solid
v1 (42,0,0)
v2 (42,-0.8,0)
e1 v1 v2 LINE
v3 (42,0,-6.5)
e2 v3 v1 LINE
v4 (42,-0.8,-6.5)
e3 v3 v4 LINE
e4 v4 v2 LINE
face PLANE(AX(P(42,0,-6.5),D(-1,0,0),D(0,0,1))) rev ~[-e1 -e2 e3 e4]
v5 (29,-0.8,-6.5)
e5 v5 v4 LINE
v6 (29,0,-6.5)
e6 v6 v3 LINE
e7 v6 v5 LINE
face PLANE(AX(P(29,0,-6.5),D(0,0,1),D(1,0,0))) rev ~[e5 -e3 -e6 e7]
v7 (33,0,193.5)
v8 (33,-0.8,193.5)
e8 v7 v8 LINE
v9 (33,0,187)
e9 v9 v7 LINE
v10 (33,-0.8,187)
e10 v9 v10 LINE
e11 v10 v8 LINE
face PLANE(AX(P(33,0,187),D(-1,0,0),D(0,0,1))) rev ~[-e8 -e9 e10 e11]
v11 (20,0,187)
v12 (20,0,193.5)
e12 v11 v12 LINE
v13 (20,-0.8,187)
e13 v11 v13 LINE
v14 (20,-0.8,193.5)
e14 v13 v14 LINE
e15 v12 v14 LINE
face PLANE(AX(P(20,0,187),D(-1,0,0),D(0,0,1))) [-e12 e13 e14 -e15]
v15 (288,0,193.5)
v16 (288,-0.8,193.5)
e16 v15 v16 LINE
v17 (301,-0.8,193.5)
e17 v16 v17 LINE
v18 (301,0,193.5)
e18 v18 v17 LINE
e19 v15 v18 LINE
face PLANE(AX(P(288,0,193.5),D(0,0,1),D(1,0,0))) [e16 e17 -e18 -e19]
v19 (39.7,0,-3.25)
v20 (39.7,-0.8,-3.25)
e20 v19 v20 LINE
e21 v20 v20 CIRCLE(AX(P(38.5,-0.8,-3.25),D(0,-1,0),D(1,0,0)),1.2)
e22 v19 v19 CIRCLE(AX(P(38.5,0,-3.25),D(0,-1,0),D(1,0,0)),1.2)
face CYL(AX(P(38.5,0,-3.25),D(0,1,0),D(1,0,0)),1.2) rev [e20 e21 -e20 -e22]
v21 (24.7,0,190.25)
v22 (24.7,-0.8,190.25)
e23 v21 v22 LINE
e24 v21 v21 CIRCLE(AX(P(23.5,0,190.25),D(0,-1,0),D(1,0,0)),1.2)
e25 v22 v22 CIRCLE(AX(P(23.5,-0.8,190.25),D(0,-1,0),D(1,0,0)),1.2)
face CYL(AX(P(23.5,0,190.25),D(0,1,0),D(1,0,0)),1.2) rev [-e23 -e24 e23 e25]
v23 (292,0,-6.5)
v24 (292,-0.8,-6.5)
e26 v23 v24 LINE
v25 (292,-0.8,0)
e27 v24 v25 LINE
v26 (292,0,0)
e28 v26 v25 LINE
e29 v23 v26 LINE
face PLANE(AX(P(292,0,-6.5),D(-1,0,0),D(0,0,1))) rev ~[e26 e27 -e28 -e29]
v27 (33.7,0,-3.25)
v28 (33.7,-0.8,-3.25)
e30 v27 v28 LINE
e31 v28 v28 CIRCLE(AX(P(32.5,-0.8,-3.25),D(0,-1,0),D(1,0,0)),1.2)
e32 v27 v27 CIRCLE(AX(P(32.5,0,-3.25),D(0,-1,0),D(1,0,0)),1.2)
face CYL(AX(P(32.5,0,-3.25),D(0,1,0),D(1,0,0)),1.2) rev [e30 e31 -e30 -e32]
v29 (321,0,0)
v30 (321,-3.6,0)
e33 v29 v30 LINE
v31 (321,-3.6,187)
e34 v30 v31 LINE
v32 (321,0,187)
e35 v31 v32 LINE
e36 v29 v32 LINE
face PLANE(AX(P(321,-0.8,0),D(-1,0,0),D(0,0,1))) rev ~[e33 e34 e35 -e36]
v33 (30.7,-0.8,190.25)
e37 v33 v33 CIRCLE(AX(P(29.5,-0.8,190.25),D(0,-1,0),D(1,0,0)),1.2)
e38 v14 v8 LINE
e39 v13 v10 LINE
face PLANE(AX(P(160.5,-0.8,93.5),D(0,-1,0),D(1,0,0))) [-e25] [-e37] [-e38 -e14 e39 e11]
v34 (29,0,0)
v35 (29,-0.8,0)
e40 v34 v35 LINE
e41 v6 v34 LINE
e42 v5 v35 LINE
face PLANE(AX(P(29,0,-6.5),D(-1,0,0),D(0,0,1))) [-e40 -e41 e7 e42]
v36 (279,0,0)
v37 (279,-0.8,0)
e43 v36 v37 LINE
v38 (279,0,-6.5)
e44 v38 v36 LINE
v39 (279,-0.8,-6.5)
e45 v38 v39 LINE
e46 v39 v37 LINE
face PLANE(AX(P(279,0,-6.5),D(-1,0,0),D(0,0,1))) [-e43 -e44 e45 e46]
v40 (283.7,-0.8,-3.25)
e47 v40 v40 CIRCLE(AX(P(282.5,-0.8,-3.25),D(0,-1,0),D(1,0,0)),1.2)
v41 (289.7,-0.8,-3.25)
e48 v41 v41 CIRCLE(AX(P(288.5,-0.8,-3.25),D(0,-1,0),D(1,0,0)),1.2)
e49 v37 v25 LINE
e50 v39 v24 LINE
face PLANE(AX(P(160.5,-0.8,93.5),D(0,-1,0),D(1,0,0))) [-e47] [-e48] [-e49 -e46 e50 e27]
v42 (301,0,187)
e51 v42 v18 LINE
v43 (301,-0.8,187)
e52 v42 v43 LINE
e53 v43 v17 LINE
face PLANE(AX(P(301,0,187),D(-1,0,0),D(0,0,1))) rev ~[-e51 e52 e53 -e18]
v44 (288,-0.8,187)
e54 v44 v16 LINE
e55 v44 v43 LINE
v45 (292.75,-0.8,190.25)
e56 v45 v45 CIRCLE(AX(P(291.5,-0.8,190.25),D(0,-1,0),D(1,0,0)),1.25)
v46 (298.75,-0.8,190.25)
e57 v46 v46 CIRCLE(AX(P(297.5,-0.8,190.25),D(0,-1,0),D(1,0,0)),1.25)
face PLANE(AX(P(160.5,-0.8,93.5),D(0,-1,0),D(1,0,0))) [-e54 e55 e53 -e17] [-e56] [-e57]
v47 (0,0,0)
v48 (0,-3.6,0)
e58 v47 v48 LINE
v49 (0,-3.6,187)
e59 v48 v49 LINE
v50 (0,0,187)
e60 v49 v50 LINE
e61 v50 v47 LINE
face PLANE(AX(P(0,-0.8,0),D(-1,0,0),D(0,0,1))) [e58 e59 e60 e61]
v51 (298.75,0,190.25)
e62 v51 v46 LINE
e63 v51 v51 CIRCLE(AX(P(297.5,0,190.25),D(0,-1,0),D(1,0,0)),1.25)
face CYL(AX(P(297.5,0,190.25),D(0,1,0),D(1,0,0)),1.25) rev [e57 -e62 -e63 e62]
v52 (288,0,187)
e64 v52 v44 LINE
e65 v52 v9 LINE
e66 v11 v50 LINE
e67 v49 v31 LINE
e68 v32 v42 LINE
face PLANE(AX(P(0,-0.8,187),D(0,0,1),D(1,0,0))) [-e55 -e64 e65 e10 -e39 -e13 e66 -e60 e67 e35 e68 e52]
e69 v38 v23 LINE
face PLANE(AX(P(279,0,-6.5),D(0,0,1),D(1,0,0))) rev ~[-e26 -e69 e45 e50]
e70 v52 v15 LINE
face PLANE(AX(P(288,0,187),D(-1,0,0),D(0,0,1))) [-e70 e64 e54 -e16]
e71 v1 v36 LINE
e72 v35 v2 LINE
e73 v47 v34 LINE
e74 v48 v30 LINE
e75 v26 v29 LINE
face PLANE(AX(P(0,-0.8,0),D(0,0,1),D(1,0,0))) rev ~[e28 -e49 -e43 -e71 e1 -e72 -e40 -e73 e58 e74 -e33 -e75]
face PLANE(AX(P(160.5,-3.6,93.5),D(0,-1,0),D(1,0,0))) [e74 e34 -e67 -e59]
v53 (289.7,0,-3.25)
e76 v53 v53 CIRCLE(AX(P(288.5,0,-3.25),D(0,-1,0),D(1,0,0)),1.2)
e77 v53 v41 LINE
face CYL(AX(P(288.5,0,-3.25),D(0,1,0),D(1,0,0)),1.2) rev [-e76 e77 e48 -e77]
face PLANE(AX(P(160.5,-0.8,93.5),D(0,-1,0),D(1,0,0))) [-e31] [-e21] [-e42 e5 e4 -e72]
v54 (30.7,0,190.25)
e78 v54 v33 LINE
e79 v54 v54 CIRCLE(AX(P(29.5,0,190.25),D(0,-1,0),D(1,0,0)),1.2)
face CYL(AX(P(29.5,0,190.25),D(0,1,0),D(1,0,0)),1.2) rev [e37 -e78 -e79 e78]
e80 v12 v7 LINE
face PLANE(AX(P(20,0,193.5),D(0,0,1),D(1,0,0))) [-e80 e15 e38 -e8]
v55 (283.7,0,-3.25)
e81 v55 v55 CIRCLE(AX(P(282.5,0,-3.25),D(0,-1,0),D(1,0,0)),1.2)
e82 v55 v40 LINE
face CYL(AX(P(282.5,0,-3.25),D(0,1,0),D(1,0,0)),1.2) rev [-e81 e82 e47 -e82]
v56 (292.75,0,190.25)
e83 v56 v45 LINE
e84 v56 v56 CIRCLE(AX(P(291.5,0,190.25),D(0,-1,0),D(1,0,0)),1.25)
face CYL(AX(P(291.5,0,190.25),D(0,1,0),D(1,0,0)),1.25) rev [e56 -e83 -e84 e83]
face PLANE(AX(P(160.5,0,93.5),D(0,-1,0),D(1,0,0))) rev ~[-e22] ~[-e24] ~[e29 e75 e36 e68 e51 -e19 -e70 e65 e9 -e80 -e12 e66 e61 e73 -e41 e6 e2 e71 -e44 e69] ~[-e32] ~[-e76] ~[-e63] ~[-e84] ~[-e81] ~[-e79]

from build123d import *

# Parameters (mm, degrees)
F0_W     = 13
F0_H     = 6.5
F0_R     = 1.2
F0_R_2   = 1.25
F1_DEPTH = 0.8
F2_W     = 321
F2_H     = 187
F3_DEPTH = 2.8


with BuildPart() as f1:
    # F0 (on Front) → F1 (new body)
    with BuildSketch(Plane.XZ):
        Polygon((0, 187), (0, 0), (29, 0), (42, 0), (279, 0), (292, 0), (321, 0), (321, 187), (301, 187), (288, 187), (33, 187), (20, 187), align=None)
        with Locations((35.5, -3.25)):
            Rectangle(F0_W, F0_H)
        with Locations((32.5, -3.25)):
            Circle(F0_R, mode=Mode.SUBTRACT)
        with Locations((38.5, -3.25)):
            Circle(F0_R, mode=Mode.SUBTRACT)
        with Locations((26.5, 190.25)):
            Rectangle(F0_W, F0_H)
        with Locations((23.5, 190.25)):
            Circle(F0_R, mode=Mode.SUBTRACT)
        with Locations((29.5, 190.25)):
            Circle(F0_R, mode=Mode.SUBTRACT)
        with Locations((285.5, -3.25)):
            Rectangle(F0_W, F0_H)
        with Locations((282.5, -3.25)):
            Circle(F0_R, mode=Mode.SUBTRACT)
        with Locations((288.5, -3.25)):
            Circle(F0_R, mode=Mode.SUBTRACT)
        with Locations((294.5, 190.25)):
            Rectangle(F0_W, F0_H)
        with Locations((291.5, 190.25)):
            Circle(F0_R_2, mode=Mode.SUBTRACT)
        with Locations((297.5, 190.25)):
            Circle(F0_R_2, mode=Mode.SUBTRACT)
    extrude(amount=F1_DEPTH)

    # F2 (on face) → F3 (join)
    with BuildSketch(Plane.XZ.offset(0.8)):
        with Locations((160.5, 93.5)):
            Rectangle(F2_W, F2_H)
    extrude(amount=F3_DEPTH)


solid = f1.part
